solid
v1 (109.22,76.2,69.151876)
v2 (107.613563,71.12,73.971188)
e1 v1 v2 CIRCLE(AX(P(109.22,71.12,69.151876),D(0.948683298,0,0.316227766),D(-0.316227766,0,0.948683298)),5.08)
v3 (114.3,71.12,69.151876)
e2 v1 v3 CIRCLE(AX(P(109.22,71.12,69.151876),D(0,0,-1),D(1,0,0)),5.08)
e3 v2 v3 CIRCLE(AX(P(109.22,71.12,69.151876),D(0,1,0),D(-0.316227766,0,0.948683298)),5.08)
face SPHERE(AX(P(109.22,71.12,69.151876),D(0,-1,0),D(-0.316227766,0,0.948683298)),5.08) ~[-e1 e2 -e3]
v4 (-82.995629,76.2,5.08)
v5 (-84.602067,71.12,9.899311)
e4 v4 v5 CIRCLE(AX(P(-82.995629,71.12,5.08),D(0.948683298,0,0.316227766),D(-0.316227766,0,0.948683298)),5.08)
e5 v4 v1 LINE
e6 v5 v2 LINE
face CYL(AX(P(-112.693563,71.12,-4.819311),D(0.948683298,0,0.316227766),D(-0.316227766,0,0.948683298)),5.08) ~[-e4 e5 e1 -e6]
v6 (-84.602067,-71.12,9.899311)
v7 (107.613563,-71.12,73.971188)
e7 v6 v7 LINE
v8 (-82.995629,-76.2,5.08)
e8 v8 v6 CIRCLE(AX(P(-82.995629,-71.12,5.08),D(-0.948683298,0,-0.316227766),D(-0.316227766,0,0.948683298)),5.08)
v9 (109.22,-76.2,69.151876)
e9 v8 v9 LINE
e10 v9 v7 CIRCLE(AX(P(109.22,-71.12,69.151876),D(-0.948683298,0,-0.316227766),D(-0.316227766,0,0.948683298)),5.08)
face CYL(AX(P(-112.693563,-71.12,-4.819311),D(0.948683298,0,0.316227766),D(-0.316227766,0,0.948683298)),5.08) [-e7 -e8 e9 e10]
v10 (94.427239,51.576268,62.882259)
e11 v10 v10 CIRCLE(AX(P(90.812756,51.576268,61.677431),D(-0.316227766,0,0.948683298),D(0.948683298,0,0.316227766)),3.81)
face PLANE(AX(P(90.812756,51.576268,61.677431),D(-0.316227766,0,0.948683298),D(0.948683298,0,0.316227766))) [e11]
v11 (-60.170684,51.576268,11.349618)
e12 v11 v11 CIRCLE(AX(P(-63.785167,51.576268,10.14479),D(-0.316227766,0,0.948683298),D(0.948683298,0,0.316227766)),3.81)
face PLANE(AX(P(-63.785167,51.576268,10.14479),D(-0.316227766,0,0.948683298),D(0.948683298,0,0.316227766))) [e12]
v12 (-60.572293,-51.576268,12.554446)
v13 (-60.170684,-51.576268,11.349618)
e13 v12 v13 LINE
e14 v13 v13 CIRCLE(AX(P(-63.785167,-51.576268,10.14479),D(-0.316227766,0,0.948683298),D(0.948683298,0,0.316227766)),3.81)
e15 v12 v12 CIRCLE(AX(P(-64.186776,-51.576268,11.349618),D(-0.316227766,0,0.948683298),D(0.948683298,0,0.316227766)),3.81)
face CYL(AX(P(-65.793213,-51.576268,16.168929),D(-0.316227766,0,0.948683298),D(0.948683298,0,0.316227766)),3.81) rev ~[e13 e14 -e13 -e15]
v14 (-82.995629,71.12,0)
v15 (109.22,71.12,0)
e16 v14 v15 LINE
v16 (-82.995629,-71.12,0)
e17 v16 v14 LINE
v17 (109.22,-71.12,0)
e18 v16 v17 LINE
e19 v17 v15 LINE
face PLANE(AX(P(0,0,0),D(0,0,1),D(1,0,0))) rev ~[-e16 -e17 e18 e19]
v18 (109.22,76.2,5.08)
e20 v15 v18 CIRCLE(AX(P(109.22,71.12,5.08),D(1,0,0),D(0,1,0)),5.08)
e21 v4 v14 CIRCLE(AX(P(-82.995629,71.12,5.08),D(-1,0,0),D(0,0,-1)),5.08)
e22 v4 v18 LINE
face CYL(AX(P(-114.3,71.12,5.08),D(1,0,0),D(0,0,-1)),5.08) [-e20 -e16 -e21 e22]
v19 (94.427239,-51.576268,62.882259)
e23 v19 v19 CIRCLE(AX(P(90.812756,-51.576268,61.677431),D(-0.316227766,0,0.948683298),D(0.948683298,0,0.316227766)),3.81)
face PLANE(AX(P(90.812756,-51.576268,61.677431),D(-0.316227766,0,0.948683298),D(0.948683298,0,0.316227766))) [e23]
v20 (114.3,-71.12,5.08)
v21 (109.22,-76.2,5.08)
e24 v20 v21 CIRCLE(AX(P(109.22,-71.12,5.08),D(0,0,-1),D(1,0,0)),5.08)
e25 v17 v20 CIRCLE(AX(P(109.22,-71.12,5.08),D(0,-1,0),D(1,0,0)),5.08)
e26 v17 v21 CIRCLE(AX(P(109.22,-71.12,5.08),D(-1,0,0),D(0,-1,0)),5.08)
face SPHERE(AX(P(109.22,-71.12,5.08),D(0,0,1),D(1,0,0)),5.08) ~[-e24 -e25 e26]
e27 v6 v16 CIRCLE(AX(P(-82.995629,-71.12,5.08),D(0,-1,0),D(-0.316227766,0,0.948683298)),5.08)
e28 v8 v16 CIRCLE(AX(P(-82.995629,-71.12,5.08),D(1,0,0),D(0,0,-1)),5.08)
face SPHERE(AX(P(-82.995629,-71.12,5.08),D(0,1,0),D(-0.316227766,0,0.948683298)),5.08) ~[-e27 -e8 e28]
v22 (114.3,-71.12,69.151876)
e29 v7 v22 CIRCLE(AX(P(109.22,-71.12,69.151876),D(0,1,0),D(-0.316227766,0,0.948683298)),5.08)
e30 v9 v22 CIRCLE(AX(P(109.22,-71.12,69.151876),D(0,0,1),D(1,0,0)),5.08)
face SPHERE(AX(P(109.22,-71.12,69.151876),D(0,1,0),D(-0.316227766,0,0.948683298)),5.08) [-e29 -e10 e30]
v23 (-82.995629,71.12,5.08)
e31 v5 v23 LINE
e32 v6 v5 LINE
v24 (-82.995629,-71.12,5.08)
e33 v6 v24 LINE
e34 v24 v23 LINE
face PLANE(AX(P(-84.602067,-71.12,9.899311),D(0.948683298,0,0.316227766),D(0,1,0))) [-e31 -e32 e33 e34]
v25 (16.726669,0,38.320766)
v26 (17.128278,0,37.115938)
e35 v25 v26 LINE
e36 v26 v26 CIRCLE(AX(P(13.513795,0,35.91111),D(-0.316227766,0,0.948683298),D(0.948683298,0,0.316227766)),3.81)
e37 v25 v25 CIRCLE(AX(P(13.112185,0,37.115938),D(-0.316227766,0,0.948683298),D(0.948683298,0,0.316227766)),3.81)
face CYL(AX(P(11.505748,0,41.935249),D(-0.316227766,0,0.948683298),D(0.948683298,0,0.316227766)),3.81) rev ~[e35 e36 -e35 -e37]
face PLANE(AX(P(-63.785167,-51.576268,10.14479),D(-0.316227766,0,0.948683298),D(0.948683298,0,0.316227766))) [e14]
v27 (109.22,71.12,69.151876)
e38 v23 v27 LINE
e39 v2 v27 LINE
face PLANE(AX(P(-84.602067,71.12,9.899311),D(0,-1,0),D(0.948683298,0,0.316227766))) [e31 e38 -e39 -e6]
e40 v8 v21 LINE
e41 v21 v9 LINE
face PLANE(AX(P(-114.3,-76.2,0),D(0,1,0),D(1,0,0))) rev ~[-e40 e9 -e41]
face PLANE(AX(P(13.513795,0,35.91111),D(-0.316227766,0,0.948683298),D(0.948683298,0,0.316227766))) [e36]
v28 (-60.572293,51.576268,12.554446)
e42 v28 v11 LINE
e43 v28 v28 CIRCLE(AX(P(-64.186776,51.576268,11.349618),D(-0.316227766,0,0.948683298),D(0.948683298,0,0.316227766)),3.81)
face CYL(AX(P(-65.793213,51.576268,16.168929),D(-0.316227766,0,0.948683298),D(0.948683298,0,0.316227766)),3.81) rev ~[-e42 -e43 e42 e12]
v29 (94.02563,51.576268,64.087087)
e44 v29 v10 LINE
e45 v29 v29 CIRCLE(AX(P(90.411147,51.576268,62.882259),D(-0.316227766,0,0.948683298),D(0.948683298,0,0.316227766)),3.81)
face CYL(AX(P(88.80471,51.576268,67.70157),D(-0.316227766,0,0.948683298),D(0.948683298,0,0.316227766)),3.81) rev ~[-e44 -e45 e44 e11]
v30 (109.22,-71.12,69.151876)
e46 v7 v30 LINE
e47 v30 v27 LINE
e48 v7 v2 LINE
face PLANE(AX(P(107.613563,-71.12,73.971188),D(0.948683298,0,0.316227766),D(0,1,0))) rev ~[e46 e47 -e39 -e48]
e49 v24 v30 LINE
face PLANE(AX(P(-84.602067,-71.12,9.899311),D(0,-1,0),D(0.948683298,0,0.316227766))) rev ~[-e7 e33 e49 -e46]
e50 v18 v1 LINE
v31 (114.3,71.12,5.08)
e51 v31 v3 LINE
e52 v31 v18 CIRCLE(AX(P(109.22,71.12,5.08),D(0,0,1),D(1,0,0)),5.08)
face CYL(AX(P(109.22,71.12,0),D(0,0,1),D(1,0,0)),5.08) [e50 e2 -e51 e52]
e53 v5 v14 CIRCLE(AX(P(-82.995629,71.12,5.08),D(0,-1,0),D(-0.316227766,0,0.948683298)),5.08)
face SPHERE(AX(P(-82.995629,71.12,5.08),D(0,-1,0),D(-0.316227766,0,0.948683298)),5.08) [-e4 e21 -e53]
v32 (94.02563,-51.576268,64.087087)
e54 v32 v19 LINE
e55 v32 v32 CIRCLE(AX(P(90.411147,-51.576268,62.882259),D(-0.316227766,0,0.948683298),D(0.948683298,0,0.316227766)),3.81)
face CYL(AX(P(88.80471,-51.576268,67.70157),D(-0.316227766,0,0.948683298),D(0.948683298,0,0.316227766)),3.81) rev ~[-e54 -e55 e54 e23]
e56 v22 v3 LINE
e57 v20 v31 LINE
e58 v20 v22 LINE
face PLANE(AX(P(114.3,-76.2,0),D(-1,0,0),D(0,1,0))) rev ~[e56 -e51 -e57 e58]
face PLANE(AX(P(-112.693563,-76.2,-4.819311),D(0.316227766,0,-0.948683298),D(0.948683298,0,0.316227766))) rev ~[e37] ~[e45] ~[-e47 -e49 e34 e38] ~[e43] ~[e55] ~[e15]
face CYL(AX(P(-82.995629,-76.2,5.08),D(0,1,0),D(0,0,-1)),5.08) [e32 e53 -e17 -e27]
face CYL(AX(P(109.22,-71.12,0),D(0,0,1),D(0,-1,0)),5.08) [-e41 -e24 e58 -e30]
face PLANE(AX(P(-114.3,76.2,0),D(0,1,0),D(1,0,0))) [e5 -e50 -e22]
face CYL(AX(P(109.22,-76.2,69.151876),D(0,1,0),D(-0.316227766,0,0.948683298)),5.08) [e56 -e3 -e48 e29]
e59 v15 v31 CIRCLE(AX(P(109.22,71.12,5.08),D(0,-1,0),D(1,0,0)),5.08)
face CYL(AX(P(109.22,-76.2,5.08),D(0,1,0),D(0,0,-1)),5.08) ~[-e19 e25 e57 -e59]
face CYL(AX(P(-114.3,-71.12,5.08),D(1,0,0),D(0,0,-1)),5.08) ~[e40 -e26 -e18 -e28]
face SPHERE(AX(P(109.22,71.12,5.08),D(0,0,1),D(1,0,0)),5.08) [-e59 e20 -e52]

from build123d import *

# Parameters (mm, degrees)
F0_W     = 228.6
F0_H     = 152.4
F1_DEPTH = 76.2
F3_DEPTH = 152.4
F4_R     = 5.08
F5_R     = 3.81
F6_DEPTH = 6.35
F7_DEPTH = 5.08


with BuildPart() as f1:
    # F0 (on Top) → F1 (new body)
    with BuildSketch(Plane.XY):
        Rectangle(F0_W, F0_H)
    extrude(amount=F1_DEPTH)

    # F2 (on face) → F3 (cut)
    with BuildSketch(Plane.XZ.offset(76.2)):
        Polygon((-114.3, 76.2), (-114.3, 0), (114.3, 76.2), align=None)
    extrude(amount=-F3_DEPTH, mode=Mode.SUBTRACT)

    # F4
    f4_edges = [f1.edges().sort_by_distance(p)[0] for p in [
        (-114.3, 0, 0),
        (114.3, 0, 76.2),
        (0, -76.2, 38.1),
        (0, 76.2, 38.1),
        (114.3, -76.2, 38.1),
        (114.3, 76.2, 38.1),
        (114.3, 0, 0),
        (0, 76.2, 0),
        (0, -76.2, 0),
    ]]
    fillet(f4_edges, radius=F4_R)

    # F5 (on face) → F6 (cut)
    with BuildSketch(Plane(origin=(-11.43, 0, 34.29), x_dir=(0.9486832981, 0, 0.316227766), z_dir=(-0.316227766, 0, 0.9486832981))):
        with Locations((105.6566610932, -51.5762679279)):
            Circle(F5_R)
        with Locations((105.6566610932, 51.5762679279)):
            Circle(F5_R)
        with Locations((24.1764013898, 0)):
            Circle(F5_R)
        with Locations((-57.3038583136, 51.5762679279)):
            Circle(F5_R)
        with Locations((-57.3038583136, -51.5762679279)):
            Circle(F5_R)
    extrude(amount=-F6_DEPTH, mode=Mode.SUBTRACT)

    # F7 (cut): a face of the model
    f7_faces = [f1.faces().sort_by_distance(p)[0] for p in [
        (-82.2535384016, 0, 10.6821538661),
    ]]
    extrude(f7_faces, amount=-F7_DEPTH, mode=Mode.SUBTRACT)


solid = f1.part
